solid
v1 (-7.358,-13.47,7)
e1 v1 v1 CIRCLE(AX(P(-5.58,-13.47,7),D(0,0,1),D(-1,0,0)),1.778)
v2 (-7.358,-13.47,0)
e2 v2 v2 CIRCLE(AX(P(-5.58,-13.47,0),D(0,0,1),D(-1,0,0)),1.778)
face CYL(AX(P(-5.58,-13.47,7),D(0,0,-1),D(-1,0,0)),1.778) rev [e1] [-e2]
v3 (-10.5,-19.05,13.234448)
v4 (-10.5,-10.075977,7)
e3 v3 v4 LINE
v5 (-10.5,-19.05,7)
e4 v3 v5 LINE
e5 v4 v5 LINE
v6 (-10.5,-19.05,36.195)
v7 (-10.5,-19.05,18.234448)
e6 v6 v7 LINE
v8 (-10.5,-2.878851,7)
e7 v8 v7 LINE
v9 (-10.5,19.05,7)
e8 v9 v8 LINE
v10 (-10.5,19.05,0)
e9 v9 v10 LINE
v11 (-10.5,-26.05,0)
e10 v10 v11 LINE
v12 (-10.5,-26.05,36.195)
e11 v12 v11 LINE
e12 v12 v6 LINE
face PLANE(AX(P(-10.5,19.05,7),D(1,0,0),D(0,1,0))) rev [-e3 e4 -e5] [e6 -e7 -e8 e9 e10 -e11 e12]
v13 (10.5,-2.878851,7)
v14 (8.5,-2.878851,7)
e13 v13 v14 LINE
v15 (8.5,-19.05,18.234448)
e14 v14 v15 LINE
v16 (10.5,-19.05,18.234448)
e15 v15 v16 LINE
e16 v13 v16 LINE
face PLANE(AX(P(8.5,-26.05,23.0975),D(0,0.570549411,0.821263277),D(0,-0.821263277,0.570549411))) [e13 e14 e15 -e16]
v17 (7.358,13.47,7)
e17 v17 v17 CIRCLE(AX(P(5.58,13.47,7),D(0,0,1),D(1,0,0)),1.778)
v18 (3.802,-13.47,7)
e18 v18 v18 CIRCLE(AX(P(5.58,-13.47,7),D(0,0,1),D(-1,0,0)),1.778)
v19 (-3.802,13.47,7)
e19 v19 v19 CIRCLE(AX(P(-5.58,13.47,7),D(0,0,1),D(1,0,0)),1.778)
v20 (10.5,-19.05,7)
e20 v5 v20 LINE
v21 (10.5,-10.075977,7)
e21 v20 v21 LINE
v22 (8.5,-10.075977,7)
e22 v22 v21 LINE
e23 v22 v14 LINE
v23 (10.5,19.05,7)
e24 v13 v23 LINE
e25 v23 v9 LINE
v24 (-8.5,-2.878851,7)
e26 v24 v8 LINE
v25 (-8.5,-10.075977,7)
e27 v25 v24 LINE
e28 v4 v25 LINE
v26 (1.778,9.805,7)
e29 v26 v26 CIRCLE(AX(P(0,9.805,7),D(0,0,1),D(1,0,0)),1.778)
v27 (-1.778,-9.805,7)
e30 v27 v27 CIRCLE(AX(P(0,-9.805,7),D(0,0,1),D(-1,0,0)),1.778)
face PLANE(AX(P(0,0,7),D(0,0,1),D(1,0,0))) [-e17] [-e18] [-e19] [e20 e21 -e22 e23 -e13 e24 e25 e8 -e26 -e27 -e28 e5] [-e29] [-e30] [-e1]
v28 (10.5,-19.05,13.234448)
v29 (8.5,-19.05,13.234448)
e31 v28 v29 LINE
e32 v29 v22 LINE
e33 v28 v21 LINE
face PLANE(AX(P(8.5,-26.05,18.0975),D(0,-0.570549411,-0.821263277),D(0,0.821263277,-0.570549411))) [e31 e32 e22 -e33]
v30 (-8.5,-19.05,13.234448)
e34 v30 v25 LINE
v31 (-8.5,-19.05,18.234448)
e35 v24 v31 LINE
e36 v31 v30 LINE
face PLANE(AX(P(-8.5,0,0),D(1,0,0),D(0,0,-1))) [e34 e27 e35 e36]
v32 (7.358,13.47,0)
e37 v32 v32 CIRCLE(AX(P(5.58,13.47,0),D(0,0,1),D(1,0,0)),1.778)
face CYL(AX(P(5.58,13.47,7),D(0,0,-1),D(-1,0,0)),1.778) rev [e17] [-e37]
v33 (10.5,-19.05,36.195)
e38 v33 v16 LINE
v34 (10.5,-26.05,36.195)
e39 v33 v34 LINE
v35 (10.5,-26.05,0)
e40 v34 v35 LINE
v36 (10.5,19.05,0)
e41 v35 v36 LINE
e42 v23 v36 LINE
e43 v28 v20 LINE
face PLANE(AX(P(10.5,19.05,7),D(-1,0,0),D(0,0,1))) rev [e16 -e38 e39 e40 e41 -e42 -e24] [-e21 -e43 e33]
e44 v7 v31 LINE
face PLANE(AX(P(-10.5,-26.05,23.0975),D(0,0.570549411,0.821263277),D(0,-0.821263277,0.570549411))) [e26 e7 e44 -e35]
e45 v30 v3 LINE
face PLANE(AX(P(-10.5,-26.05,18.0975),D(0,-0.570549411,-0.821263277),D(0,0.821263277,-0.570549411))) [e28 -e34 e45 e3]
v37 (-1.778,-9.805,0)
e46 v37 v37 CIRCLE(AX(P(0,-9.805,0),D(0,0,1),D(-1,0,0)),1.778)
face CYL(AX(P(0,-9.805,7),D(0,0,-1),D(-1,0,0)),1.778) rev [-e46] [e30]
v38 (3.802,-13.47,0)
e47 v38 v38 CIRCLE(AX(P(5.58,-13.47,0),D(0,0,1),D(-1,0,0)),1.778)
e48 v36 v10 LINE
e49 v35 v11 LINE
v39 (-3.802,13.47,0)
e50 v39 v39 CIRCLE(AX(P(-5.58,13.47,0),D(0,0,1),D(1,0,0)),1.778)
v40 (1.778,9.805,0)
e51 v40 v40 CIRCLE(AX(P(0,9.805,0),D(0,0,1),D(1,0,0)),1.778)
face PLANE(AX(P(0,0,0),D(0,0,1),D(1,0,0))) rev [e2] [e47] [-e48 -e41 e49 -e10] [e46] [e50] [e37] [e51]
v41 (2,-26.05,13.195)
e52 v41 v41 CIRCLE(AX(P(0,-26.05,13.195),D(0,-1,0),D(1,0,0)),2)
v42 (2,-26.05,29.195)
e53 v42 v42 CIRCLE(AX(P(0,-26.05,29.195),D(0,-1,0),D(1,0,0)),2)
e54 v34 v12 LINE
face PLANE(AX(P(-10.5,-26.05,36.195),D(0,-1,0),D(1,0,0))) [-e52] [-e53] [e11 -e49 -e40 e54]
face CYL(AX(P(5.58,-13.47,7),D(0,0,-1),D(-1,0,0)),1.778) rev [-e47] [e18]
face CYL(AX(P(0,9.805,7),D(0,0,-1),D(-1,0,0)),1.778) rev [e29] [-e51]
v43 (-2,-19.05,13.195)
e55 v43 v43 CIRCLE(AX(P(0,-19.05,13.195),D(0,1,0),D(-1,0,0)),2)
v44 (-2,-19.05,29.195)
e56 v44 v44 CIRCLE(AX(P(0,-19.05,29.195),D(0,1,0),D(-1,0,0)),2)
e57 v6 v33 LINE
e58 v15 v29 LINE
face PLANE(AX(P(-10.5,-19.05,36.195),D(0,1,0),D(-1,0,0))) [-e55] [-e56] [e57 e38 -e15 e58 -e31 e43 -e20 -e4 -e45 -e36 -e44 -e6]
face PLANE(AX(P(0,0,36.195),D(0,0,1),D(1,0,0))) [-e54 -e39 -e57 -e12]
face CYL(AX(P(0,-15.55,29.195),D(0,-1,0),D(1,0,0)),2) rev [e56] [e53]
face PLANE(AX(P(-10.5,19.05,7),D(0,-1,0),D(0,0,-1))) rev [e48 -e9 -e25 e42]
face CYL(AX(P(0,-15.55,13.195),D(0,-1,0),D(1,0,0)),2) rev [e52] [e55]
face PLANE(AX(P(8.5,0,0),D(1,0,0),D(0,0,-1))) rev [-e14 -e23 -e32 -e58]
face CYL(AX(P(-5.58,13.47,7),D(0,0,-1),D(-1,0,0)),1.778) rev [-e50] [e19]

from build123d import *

# Parameters (mm, degrees)
SKETCH1_W           = 21
SKETCH1_H           = 38.1
SKETCH1_R           = 1.778
BOSS_EXTRUDE1_DEPTH = 7
SKETCH3_W           = 21
SKETCH3_H           = 7
BOSS_EXTRUDE2_DEPTH = 36.195
SKETCH4_R           = 2
CUT_EXTRUDE1_DEPTH  = 10.5
BOSS_EXTRUDE3_DEPTH = 2
BOSS_EXTRUDE4_START = -19
BOSS_EXTRUDE4_DEPTH = 2


with BuildPart() as part:
    # Sketch1 → Boss-Extrude1 (new body)
    with BuildSketch(Plane.XY):
        Rectangle(SKETCH1_W, SKETCH1_H)
        with Locations((-5.58, 13.47)):
            Circle(SKETCH1_R, mode=Mode.SUBTRACT)
        with Locations((5.58, 13.47)):
            Circle(SKETCH1_R, mode=Mode.SUBTRACT)
        with Locations((0, 9.805)):
            Circle(SKETCH1_R, mode=Mode.SUBTRACT)
        with Locations((5.58, -13.47)):
            Circle(SKETCH1_R, mode=Mode.SUBTRACT)
        with Locations((0, -9.805)):
            Circle(SKETCH1_R, mode=Mode.SUBTRACT)
        with Locations((-5.58, -13.47)):
            Circle(SKETCH1_R, mode=Mode.SUBTRACT)
    extrude(amount=BOSS_EXTRUDE1_DEPTH)

    # Sketch3 → Boss-Extrude2 (add)
    with BuildSketch(Plane(origin=(0, 0, 0), x_dir=(-1, 0, 0), z_dir=(0, 0, -1))):
        with Locations((0, -22.55)):
            Rectangle(SKETCH3_W, SKETCH3_H)
    extrude(amount=-BOSS_EXTRUDE2_DEPTH)

    # Sketch4 → Cut-Extrude1 (cut)
    with BuildSketch(Plane.XZ.offset(26.05)):
        with Locations((0, 13.195)):
            Circle(SKETCH4_R)
        with Locations((0, 29.195)):
            Circle(SKETCH4_R)
    extrude(amount=-CUT_EXTRUDE1_DEPTH, mode=Mode.SUBTRACT)

    # Sketch5 → Boss-Extrude3 (add)
    with BuildSketch(Plane(origin=(10.5, 0, 0), x_dir=(0, 0, -1), z_dir=(1, 0, 0))):
        Polygon((-18.0975, -26.05), (0, 0), (0, 7.197126675), (-23.0975, -26.05), align=None)
    extrude(amount=-BOSS_EXTRUDE3_DEPTH)

    # Sketch5<2> → Boss-Extrude4 (add)
    with BuildSketch(Plane(origin=(10.5, 0, 0), x_dir=(0, 0, -1), z_dir=(1, 0, 0)).offset(BOSS_EXTRUDE4_START)):
        Polygon((-18.0975, -26.05), (0, 0), (0, 7.197126675), (-23.0975, -26.05), align=None)
    extrude(amount=-BOSS_EXTRUDE4_DEPTH)


solid = part.part
